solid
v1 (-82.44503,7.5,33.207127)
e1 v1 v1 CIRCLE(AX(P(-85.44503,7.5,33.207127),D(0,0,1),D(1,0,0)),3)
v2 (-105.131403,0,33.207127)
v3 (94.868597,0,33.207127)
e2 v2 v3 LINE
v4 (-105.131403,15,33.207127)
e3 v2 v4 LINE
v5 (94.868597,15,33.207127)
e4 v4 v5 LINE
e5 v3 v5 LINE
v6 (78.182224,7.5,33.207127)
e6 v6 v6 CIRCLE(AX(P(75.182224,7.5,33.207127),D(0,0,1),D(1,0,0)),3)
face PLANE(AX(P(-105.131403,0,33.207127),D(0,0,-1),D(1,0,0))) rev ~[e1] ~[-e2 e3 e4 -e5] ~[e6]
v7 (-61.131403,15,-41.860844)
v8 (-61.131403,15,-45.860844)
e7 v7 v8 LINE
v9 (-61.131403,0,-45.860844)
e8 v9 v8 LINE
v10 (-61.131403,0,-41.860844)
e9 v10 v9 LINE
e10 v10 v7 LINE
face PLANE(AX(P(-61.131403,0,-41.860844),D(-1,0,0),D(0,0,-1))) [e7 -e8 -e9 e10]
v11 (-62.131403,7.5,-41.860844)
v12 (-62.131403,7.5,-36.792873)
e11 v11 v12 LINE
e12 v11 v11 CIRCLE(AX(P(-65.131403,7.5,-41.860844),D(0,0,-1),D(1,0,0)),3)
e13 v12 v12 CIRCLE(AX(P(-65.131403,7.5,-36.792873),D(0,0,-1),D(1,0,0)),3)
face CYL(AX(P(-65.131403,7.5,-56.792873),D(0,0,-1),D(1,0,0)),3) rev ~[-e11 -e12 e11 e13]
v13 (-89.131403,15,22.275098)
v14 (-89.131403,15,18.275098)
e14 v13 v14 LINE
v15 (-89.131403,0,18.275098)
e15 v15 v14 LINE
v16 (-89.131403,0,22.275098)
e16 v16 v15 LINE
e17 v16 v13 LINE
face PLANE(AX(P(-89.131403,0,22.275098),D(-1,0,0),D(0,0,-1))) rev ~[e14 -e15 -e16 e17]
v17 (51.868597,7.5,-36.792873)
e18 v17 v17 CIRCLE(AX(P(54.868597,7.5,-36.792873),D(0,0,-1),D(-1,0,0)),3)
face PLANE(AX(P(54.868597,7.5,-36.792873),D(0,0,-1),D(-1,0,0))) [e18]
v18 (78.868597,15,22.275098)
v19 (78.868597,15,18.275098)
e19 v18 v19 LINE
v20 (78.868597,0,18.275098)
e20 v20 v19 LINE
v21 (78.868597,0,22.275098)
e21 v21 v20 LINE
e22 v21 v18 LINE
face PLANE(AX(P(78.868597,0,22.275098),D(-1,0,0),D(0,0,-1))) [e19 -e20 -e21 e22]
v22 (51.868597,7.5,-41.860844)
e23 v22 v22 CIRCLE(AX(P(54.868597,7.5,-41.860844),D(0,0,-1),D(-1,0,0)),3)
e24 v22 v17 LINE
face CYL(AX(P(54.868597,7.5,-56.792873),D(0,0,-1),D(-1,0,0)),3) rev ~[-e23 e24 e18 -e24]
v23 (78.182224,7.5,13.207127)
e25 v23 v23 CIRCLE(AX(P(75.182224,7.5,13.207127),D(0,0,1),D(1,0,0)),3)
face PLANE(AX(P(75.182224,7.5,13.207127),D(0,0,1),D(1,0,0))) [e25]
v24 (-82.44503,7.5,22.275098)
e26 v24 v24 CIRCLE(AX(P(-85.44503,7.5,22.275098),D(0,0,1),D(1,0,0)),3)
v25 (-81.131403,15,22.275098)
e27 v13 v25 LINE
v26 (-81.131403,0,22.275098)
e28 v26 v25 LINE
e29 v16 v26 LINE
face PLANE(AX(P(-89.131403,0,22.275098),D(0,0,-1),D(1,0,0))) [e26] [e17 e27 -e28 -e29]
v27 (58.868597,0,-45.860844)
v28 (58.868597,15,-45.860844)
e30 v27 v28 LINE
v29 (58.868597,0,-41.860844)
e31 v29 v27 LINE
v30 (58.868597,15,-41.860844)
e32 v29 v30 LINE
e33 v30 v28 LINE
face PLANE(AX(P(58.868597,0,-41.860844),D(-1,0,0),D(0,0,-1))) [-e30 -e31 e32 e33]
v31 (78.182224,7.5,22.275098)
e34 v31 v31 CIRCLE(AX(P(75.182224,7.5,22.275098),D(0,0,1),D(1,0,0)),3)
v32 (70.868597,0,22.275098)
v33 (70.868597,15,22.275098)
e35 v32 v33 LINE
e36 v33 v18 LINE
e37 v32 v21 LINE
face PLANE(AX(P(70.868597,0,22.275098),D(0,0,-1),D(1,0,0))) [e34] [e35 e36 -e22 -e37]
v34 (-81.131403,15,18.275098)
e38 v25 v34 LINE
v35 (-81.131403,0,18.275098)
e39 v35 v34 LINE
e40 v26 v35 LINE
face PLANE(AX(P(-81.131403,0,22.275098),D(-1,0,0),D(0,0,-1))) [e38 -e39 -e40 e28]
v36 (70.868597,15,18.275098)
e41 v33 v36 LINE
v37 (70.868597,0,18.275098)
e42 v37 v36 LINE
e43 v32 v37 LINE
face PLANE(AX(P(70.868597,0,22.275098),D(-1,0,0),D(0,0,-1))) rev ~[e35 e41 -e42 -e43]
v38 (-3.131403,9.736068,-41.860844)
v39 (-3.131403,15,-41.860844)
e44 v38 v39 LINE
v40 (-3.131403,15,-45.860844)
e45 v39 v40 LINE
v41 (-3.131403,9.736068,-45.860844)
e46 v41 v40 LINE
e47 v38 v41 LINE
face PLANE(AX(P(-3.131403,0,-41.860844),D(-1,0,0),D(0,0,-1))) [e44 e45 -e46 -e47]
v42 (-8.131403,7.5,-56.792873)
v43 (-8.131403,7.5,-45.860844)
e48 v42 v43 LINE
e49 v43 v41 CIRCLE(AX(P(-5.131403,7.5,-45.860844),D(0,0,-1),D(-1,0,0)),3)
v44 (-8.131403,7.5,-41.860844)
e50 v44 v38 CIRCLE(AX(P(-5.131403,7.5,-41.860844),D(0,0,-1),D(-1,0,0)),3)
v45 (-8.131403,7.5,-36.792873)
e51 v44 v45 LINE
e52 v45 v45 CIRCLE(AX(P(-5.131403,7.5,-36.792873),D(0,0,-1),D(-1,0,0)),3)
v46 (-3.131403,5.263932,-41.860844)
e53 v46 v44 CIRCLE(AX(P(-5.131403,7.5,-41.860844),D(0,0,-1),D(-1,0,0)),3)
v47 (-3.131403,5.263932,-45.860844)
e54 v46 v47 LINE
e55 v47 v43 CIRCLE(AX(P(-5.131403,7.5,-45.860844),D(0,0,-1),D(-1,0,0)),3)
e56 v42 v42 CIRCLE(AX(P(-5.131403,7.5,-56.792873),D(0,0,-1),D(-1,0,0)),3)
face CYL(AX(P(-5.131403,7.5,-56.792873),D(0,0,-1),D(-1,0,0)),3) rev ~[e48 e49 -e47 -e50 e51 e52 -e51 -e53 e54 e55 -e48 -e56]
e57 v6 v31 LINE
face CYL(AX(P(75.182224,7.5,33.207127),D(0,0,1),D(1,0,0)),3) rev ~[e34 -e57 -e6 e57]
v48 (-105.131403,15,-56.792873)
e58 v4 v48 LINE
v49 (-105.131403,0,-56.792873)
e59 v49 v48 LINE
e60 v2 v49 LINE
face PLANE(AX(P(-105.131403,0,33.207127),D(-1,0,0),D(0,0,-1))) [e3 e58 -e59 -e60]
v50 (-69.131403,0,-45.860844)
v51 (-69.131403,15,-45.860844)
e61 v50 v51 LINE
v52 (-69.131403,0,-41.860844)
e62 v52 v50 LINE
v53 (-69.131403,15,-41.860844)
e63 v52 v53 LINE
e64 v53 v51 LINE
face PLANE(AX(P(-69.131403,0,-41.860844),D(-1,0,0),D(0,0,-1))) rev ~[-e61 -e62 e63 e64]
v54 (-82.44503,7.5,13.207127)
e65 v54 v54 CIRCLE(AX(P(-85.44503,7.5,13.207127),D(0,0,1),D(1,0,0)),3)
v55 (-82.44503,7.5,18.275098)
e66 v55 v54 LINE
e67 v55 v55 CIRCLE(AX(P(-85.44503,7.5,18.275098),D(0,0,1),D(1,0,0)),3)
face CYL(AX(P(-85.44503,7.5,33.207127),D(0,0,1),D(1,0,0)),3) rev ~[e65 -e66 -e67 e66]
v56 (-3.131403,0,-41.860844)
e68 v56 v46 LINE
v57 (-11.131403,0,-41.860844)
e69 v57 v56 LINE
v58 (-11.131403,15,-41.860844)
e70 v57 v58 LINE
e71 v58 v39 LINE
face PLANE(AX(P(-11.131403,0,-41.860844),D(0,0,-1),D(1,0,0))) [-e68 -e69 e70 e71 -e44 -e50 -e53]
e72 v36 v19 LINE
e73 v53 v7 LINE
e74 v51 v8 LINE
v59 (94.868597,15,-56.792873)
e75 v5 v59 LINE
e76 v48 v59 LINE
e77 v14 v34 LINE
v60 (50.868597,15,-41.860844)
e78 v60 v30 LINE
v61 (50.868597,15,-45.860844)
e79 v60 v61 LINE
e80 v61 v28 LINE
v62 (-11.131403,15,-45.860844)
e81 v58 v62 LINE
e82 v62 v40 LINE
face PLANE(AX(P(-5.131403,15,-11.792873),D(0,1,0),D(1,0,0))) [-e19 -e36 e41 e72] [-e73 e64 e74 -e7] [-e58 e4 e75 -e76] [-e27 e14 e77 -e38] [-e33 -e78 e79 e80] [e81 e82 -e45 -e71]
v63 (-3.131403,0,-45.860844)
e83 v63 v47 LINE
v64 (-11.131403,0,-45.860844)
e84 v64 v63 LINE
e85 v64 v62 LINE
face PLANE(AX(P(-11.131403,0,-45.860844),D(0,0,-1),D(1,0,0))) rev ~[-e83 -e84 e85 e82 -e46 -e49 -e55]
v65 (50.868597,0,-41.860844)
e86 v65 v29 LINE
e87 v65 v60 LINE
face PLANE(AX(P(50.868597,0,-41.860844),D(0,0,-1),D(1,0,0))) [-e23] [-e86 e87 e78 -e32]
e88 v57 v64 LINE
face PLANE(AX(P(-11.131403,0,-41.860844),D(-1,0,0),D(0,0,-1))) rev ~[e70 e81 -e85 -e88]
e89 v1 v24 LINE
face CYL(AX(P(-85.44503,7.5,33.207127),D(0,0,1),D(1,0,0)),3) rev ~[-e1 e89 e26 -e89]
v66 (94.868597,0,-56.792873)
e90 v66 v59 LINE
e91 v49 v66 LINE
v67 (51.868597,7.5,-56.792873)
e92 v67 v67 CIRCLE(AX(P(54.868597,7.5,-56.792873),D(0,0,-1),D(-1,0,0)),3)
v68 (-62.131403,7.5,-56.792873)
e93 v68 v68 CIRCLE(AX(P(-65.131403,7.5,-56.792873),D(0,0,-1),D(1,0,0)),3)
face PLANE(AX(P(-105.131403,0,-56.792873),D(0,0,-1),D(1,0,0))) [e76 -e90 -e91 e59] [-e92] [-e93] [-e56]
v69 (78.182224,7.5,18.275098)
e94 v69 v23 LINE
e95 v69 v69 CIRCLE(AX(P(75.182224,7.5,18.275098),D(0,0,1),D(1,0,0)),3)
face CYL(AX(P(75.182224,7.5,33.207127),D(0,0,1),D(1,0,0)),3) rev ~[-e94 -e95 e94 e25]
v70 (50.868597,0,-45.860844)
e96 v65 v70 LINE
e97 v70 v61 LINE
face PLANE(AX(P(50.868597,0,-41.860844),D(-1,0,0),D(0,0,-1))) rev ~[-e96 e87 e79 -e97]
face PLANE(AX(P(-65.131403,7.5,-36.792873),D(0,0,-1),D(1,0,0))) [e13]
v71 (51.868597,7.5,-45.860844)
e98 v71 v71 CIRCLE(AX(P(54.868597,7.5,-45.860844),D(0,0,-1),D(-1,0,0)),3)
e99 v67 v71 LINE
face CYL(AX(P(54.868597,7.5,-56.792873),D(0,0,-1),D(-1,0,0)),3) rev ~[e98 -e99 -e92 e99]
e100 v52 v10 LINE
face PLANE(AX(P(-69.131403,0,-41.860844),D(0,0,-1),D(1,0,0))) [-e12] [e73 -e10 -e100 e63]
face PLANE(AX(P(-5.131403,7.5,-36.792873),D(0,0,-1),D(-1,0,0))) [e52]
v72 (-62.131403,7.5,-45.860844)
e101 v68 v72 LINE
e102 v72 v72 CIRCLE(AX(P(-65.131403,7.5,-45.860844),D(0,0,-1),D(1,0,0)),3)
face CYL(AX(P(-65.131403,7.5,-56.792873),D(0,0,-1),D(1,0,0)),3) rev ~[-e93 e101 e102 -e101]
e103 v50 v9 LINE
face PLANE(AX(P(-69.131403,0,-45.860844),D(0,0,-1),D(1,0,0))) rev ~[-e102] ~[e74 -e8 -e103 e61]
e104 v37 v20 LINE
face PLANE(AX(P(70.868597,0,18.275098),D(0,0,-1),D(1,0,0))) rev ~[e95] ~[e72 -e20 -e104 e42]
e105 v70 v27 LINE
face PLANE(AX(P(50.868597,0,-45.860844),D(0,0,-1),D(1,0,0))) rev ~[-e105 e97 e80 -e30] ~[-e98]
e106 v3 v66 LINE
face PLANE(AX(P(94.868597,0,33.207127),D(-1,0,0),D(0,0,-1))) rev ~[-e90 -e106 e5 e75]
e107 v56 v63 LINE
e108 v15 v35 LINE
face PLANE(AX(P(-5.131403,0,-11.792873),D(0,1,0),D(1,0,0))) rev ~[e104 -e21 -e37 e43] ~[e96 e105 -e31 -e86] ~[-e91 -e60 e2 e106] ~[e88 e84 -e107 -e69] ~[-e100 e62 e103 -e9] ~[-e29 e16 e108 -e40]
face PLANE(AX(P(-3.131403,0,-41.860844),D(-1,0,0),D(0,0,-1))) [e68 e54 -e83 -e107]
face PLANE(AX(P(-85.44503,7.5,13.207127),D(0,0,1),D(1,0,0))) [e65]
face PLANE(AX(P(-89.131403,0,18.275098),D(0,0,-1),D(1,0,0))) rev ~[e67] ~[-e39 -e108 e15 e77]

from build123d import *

# Parameters (mm, degrees)
SKETCH1_W           = 200
SKETCH1_H           = 90
SKETCH1_W_2         = 8
SKETCH1_H_2         = 4
BOSS_EXTRUDE1_DEPTH = 15
SKETCH2_R           = 3
CUT_EXTRUDE1_DEPTH  = 20
SKETCH3_R           = 3
CUT_EXTRUDE2_DEPTH  = 20


with BuildPart() as part:
    # Sketch1 → Boss-Extrude1 (new body)
    with BuildSketch(Plane(origin=(0, 0, 0), x_dir=(1, 0, 0), z_dir=(0, 1, 0))):
        with Locations((-5.131403118, 11.792873051)):
            Rectangle(SKETCH1_W, SKETCH1_H)
        with Locations((54.868596882, 43.860843617)):
            Rectangle(SKETCH1_W_2, SKETCH1_H_2, mode=Mode.SUBTRACT)
        with Locations((-65.131403118, 43.860843617)):
            Rectangle(SKETCH1_W_2, SKETCH1_H_2, mode=Mode.SUBTRACT)
        with Locations((-7.131403118, 43.860843617)):
            Rectangle(SKETCH1_W_2, SKETCH1_H_2, mode=Mode.SUBTRACT)
        with Locations((74.868596882, -20.275097514)):
            Rectangle(SKETCH1_W_2, SKETCH1_H_2, mode=Mode.SUBTRACT)
        with Locations((-85.131403118, -20.275097514)):
            Rectangle(SKETCH1_W_2, SKETCH1_H_2, mode=Mode.SUBTRACT)
    extrude(amount=BOSS_EXTRUDE1_DEPTH)

    # Sketch2 → Cut-Extrude1 (cut)
    with BuildSketch(Plane(origin=(0, 0, -56.792873051), x_dir=(-1, 0, 0), z_dir=(0, 0, -1))):
        with Locations((-54.868596882, 7.5)):
            Circle(SKETCH2_R)
        with Locations((5.131403118, 7.5)):
            Circle(SKETCH2_R)
        with Locations(Location((65.131403118, 7.5, 0), (0, 0, 180))):
            Circle(SKETCH2_R)
    extrude(amount=-CUT_EXTRUDE1_DEPTH, mode=Mode.SUBTRACT)

    # Sketch3 → Cut-Extrude2 (cut)
    with BuildSketch(Plane.XY.offset(33.207126949)):
        with Locations((-85.445029849, 7.5)):
            Circle(SKETCH3_R)
        with Locations((75.182223613, 7.5)):
            Circle(SKETCH3_R)
    extrude(amount=-CUT_EXTRUDE2_DEPTH, mode=Mode.SUBTRACT)


solid = part.part
